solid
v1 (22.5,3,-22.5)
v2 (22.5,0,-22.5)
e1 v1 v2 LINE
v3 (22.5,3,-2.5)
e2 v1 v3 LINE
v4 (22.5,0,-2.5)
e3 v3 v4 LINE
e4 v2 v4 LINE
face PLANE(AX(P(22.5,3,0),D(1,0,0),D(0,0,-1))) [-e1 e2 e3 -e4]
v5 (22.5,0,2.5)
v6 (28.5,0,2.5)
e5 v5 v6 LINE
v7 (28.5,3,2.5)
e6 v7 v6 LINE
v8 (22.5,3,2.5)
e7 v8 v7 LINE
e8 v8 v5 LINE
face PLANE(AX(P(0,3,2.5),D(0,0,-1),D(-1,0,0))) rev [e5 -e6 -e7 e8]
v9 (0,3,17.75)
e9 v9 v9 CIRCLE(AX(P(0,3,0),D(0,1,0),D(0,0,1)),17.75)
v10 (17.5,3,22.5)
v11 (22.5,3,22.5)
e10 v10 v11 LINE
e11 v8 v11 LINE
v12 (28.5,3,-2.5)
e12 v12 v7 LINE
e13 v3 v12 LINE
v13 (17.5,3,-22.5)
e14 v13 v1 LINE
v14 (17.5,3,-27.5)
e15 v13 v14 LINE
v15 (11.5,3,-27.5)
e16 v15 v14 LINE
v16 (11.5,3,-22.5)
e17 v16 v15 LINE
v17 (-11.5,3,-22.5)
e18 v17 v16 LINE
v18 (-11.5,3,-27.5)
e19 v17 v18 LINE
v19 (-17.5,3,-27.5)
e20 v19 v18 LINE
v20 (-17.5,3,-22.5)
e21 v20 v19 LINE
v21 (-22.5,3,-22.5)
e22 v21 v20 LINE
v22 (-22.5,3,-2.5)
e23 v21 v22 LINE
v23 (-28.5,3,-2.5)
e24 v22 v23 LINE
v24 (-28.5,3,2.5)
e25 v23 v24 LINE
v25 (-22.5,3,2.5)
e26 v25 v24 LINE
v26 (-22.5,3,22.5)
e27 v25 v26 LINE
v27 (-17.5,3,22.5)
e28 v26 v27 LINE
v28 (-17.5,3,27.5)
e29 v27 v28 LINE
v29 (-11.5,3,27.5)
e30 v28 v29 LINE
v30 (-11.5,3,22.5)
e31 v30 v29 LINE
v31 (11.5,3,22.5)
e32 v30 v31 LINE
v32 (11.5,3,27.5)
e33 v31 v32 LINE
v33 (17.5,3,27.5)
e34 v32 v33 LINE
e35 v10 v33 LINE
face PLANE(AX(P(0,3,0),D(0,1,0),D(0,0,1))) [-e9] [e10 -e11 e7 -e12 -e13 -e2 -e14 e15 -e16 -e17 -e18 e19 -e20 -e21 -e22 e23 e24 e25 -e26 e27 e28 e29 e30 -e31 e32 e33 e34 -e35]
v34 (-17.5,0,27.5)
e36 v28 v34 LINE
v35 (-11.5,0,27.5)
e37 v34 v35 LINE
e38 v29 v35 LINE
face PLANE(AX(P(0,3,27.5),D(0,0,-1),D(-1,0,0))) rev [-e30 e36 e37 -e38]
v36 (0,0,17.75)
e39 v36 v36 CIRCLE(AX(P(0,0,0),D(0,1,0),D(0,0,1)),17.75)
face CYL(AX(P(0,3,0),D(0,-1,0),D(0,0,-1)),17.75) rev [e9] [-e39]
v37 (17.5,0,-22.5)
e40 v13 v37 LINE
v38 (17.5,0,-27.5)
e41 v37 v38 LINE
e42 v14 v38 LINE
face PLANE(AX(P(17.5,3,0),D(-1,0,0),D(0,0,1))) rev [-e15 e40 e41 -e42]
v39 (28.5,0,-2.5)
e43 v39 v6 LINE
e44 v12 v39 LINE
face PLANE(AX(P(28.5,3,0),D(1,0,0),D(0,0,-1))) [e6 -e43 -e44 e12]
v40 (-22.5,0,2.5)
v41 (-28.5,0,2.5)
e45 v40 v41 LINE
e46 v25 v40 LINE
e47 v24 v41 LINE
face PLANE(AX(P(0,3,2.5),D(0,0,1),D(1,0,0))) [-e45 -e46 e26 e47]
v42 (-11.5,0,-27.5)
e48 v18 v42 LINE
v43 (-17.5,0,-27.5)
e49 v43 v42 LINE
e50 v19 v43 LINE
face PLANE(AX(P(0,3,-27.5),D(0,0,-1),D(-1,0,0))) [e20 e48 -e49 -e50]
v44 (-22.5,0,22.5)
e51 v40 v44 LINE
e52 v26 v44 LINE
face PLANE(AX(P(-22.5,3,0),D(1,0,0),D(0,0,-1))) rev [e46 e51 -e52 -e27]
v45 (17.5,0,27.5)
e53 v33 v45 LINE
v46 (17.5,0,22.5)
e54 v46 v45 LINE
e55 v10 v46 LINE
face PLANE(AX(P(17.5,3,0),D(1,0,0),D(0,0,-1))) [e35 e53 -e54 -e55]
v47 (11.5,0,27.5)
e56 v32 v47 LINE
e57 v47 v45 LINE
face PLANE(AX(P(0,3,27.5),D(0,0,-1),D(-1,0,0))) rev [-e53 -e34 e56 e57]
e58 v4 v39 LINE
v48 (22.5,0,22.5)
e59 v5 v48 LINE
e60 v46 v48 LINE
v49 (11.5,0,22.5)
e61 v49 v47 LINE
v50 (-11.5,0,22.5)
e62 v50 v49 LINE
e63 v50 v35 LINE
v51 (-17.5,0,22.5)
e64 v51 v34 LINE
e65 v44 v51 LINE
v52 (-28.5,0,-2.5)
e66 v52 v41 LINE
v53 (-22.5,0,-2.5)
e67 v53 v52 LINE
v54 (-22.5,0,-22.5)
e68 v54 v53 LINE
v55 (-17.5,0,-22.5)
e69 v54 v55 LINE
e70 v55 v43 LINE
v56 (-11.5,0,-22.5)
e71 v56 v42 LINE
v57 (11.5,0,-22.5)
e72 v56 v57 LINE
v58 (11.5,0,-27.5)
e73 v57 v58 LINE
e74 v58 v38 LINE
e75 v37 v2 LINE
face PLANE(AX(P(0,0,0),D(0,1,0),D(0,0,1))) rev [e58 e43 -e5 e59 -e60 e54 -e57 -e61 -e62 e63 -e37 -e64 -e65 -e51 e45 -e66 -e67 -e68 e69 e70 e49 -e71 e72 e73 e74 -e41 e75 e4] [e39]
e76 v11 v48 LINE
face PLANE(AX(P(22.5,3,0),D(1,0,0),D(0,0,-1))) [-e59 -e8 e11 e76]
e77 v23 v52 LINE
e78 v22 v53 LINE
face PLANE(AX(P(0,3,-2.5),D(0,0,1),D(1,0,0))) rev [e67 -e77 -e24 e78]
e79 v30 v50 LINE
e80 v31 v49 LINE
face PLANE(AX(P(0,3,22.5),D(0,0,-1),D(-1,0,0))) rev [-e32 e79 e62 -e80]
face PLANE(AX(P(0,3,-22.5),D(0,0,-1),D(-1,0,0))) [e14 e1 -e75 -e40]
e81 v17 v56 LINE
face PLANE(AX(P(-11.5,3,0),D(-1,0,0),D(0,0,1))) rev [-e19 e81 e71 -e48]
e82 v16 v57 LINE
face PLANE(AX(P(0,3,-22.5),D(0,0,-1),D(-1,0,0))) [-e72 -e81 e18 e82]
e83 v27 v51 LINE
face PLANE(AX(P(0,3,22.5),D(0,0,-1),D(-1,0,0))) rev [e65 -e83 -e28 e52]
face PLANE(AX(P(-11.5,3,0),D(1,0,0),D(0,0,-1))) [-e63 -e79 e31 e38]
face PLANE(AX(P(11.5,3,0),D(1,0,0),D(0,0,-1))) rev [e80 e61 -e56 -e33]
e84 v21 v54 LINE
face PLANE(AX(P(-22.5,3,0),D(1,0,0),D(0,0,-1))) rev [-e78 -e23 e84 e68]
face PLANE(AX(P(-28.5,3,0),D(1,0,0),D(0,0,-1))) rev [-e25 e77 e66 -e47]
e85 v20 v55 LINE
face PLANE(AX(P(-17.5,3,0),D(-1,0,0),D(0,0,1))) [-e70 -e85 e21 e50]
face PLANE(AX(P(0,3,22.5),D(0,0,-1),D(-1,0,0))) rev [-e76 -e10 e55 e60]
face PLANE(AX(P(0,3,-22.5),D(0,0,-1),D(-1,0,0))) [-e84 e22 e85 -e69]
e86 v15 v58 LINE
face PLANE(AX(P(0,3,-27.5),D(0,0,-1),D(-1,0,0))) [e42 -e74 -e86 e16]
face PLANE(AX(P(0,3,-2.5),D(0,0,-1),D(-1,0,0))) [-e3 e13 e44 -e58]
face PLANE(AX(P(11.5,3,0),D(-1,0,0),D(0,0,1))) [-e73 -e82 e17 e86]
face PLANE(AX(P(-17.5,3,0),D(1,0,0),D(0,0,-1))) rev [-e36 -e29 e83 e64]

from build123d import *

# Parameters (mm, degrees)
CROQUIS1_R              = 17.75
SALIENTE_EXTRUIR1_DEPTH = 3
CROQUIS1_3_W            = 6
CROQUIS1_3_H            = 5
SALIENTE_EXTRUIR2_DEPTH = 3


with BuildPart() as part:
    # Croquis1 → Saliente-Extruir1 (new body)
    with BuildSketch(Plane(origin=(0, 0, 0), x_dir=(1, 0, 0), z_dir=(0, 1, 0))):
        Polygon((-17.5, 22.5), (-22.5, 22.5), (-22.5, -22.5), (-17.5, -22.5), (-17.5, -27.5), (-11.5, -27.5), (-11.5, -22.5), (11.5, -22.5), (11.5, -27.5), (17.5, -27.5), (17.5, -22.5), (22.5, -22.5), (22.5, 22.5), (17.5, 22.5), (17.5, 27.5), (11.5, 27.5), (11.5, 22.5), (-11.5, 22.5), (-11.5, 27.5), (-17.5, 27.5), align=None)
        Circle(CROQUIS1_R, mode=Mode.SUBTRACT)
    extrude(amount=SALIENTE_EXTRUIR1_DEPTH)

    # Croquis1<3> → Saliente-Extruir2 (add)
    with BuildSketch(Plane(origin=(0, 0, 0), x_dir=(1, 0, 0), z_dir=(0, 1, 0))):
        with Locations((-25.5, 0)):
            Rectangle(CROQUIS1_3_W, CROQUIS1_3_H)
        with Locations((25.5, 0)):
            Rectangle(CROQUIS1_3_W, CROQUIS1_3_H)
    extrude(amount=SALIENTE_EXTRUIR2_DEPTH)


solid = part.part
